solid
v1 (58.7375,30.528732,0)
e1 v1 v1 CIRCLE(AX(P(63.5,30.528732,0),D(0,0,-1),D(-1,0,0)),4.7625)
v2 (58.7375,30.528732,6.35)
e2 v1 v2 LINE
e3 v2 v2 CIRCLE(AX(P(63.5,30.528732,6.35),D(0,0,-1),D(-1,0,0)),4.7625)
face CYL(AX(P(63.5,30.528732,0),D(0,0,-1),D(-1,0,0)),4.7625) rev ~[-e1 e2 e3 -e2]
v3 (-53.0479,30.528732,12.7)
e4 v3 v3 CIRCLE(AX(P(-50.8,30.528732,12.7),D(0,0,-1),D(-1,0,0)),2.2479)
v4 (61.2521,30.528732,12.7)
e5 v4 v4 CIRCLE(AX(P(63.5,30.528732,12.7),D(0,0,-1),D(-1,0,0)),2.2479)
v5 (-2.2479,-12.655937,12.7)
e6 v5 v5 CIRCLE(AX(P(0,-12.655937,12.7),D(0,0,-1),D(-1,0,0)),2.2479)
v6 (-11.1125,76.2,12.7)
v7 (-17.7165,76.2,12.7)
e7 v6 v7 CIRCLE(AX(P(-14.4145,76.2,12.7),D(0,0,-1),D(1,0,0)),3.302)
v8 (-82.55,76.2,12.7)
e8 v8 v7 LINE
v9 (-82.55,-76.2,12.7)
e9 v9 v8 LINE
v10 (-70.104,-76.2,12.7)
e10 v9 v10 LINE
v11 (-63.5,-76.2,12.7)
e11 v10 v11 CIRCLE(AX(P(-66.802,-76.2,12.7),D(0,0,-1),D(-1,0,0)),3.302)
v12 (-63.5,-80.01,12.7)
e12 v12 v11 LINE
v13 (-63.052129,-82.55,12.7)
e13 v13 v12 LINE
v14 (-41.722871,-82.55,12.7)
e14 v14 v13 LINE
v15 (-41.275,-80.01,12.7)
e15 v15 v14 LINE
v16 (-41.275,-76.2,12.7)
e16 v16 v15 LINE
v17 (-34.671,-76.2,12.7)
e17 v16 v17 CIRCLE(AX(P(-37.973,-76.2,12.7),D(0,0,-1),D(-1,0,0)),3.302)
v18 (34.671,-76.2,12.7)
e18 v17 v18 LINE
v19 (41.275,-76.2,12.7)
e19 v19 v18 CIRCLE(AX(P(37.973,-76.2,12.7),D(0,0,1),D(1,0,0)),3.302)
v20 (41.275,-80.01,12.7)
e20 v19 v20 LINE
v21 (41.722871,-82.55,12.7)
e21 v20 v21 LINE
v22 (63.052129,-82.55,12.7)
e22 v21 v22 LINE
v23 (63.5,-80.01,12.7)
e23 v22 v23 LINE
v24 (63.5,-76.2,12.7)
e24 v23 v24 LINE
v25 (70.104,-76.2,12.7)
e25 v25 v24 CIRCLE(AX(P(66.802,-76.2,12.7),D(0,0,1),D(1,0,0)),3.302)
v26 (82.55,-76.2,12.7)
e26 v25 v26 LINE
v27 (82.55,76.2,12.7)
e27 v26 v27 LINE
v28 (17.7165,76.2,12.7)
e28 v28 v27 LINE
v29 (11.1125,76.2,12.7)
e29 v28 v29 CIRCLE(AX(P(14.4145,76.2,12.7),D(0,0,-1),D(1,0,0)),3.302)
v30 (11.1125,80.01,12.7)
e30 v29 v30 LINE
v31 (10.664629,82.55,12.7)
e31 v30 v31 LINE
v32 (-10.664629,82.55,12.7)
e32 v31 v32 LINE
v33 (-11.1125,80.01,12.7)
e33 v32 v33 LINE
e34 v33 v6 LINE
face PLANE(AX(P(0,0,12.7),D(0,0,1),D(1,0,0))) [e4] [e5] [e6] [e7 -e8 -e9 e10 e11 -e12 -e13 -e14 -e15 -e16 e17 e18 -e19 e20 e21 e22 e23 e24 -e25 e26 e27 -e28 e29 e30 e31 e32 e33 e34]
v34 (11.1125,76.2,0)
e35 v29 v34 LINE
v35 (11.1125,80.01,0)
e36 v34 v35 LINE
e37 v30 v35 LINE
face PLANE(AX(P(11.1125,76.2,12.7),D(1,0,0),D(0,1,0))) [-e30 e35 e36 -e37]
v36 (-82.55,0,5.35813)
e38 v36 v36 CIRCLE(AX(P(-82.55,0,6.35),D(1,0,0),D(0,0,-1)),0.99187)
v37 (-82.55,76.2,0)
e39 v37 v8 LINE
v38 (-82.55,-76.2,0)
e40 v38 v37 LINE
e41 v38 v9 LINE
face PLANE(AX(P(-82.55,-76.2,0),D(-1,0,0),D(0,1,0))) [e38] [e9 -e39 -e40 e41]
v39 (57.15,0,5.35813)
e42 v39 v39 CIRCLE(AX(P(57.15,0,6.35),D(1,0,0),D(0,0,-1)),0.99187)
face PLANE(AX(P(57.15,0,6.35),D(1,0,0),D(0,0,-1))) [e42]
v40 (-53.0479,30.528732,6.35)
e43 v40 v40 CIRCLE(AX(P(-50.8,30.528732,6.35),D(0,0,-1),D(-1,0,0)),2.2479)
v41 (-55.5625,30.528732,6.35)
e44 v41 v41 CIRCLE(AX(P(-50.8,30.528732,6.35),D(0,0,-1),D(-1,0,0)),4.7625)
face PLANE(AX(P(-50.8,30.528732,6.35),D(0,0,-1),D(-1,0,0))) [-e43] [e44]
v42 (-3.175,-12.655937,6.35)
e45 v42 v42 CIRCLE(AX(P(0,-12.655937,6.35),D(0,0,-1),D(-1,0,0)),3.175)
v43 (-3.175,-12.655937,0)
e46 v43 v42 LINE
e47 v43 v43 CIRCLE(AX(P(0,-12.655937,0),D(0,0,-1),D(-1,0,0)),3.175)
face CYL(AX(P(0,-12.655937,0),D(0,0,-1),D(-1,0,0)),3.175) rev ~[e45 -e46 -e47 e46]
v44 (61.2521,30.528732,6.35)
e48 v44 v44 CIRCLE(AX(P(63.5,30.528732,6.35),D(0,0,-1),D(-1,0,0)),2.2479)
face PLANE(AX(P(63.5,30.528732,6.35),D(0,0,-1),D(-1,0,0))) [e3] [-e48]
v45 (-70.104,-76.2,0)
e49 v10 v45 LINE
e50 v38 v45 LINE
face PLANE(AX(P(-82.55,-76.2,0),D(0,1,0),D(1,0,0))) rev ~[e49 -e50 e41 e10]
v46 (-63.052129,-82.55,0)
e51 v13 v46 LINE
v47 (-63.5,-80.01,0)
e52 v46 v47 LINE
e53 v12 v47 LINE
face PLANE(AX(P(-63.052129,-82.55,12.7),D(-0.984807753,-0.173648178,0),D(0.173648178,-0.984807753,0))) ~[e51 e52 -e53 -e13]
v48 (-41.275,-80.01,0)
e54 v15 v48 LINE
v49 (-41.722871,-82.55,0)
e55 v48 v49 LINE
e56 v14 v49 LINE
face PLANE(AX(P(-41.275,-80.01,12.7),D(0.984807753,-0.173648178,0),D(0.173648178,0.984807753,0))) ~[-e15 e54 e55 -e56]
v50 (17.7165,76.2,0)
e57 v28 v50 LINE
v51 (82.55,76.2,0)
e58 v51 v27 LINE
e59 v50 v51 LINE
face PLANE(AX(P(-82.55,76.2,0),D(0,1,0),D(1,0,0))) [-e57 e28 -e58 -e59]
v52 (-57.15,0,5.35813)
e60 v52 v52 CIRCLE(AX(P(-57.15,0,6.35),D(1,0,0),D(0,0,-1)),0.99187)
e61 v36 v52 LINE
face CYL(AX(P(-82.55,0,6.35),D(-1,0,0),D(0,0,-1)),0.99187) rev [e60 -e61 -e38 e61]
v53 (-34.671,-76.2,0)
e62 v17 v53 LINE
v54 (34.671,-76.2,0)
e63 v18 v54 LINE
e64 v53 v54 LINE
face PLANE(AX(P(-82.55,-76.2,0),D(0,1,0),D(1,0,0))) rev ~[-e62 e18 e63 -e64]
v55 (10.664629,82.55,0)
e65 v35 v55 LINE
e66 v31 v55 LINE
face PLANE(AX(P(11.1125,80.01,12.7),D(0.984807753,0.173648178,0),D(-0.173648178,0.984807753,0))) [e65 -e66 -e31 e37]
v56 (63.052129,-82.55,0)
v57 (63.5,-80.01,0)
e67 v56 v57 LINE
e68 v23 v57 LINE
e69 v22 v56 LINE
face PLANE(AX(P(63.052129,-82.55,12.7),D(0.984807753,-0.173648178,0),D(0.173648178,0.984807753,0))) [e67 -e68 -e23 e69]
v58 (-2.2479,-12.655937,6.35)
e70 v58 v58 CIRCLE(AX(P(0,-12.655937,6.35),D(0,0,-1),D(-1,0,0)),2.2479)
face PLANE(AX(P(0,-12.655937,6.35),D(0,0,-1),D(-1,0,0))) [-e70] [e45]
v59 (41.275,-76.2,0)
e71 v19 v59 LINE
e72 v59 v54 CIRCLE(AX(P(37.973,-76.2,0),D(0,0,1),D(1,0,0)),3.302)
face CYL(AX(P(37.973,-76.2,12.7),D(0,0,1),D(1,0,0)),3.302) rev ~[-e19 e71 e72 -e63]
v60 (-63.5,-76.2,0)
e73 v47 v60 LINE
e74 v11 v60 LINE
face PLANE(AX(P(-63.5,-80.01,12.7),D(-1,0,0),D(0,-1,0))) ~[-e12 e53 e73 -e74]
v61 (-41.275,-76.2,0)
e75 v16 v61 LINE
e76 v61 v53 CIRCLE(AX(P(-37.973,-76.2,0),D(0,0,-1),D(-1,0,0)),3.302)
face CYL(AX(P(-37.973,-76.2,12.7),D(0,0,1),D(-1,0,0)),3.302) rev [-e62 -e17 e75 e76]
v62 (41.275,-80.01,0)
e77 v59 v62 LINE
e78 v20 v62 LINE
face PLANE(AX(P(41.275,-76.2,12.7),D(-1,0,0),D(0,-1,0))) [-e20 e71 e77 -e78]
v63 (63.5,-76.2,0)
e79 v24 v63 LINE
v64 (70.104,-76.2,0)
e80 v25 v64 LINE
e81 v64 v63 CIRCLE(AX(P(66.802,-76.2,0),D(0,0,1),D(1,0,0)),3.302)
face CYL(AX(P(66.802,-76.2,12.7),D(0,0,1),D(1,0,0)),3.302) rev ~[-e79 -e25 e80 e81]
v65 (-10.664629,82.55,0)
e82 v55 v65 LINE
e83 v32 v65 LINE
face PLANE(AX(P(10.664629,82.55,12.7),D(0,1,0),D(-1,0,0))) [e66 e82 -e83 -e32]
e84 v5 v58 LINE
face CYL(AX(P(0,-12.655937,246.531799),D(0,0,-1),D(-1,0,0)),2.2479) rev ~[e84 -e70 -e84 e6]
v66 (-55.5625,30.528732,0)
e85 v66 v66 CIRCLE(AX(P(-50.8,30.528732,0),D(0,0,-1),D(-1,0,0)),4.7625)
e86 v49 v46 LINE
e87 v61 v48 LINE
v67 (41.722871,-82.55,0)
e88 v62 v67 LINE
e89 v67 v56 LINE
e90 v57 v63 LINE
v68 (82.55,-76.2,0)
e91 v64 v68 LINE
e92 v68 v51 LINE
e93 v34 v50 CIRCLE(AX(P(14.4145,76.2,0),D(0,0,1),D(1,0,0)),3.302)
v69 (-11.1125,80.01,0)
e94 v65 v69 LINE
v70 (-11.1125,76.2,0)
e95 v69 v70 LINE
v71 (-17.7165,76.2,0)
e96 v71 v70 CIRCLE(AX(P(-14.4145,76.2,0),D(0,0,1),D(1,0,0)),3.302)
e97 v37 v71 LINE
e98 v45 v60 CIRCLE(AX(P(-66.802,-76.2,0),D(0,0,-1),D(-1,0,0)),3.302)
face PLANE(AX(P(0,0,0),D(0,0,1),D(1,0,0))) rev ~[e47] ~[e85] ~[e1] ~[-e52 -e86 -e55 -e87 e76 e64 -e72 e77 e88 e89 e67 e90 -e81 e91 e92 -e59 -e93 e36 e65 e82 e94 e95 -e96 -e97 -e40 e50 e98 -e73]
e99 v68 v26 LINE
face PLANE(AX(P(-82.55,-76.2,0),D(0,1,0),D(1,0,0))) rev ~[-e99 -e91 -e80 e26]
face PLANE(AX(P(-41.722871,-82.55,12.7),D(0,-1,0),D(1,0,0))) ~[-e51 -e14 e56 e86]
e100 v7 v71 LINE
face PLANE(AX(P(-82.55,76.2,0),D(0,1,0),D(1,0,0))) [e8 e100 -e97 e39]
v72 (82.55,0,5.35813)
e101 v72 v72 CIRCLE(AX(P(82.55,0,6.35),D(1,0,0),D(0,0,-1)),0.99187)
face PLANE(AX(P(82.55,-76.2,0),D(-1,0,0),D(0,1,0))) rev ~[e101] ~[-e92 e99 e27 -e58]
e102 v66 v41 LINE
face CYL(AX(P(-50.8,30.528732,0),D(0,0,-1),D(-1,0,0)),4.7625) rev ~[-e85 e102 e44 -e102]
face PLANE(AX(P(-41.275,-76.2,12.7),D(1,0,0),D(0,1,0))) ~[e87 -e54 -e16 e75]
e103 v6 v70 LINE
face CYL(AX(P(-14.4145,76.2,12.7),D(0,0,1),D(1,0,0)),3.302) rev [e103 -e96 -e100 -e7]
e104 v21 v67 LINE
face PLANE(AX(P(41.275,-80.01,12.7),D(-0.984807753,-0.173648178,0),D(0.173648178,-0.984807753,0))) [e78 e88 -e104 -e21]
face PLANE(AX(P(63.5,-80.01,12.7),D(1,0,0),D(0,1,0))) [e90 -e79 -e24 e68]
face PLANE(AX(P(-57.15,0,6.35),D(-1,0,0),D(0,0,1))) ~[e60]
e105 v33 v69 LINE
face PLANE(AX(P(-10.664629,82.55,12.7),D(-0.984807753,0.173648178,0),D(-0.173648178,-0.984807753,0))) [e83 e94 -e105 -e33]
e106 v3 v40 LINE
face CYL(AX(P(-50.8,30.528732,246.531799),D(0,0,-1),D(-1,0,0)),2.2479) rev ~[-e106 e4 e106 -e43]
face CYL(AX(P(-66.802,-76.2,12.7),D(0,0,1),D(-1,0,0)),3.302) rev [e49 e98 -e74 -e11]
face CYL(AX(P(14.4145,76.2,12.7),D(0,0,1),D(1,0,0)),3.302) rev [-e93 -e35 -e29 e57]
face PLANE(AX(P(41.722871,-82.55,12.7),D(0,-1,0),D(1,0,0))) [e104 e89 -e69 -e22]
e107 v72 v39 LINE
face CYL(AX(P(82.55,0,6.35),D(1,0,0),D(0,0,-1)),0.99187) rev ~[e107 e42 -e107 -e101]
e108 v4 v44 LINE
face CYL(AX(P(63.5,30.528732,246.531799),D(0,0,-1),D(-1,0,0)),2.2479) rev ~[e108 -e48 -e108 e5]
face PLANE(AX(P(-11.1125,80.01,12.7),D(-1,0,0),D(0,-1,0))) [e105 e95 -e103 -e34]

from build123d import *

# Parameters (mm, degrees)
SKETCH1_W             = 165.1
SKETCH1_H             = 152.4
BOSS_EXTRUDE1_DEPTH   = 12.7
BOSS_EXTRUDE2_DEPTH   = 12.7
CUT_EXTRUDE1_REACH    = 119.432
BOSS_EXTRUDE3_DEPTH   = 12.7
CUT_EXTRUDE2_DEPTH    = 12.7
F_8_CLEARANCE_HOLE1_D = 4.4958
SKETCH20_R            = 0.99187
CUT_EXTRUDE9_DEPTH    = 25.4
SKETCH21_R            = 3.175
SKETCH21_R_2          = 4.7625
CUT_EXTRUDE10_DEPTH   = 6.35


with BuildPart() as part:
    # Sketch1 → Boss-Extrude1 (new body)
    with BuildSketch(Plane.XY):
        Rectangle(SKETCH1_W, SKETCH1_H)
    extrude(amount=BOSS_EXTRUDE1_DEPTH)

    # Sketch2 → Boss-Extrude2 (add)
    with BuildSketch(Plane.XY.offset(12.7)):
        Polygon((-11.1125, 76.2), (11.1125, 76.2), (11.1125, 80.01), (10.664629469, 82.55), (-10.664629469, 82.55), (-11.1125, 80.01), align=None)
    extrude(amount=-BOSS_EXTRUDE2_DEPTH)

    # Sketch4 → Cut-Extrude1 (cut, up to next)
    with BuildSketch(Plane.XY.offset(12.7), mode=Mode.PRIVATE) as cut_extrude1_sk1:
        with BuildLine():
            Line((-17.7165, 76.2), (-11.1125, 76.2))
            ThreePointArc((-11.1125, 76.2), (-14.4145, 72.898), (-17.7165, 76.2))
        make_face()
    cut_extrude1_tool1 = extrude(cut_extrude1_sk1.sketch, amount=-CUT_EXTRUDE1_REACH, mode=Mode.PRIVATE) & part.part
    # Sketch4 → Cut-Extrude1 (cut, up to next)
    with BuildSketch(Plane.XY.offset(12.7), mode=Mode.PRIVATE) as cut_extrude1_sk2:
        with BuildLine():
            Line((11.1125, 76.2), (17.7165, 76.2))
            ThreePointArc((17.7165, 76.2), (14.4145, 72.898), (11.1125, 76.2))
        make_face()
    cut_extrude1_tool2 = extrude(cut_extrude1_sk2.sketch, amount=-CUT_EXTRUDE1_REACH, mode=Mode.PRIVATE) & part.part
    add(cut_extrude1_tool1.solids().sort_by_distance((-14.4145, 74.798588, 12.7))[0], mode=Mode.SUBTRACT)
    add(cut_extrude1_tool2.solids().sort_by_distance((14.4145, 74.798588, 12.7))[0], mode=Mode.SUBTRACT)

    # Sketch5 → Boss-Extrude3 (add)
    with BuildSketch(Plane.XY.offset(12.7)):
        Polygon((63.5, -76.2), (41.275, -76.2), (41.275, -80.01), (41.722870531, -82.55), (63.052129469, -82.55), (63.5, -80.01), align=None)
    boss_extrude3 = extrude(amount=-BOSS_EXTRUDE3_DEPTH)

    # Sketch6 → Cut-Extrude2 (cut)
    with BuildSketch(Plane.XY.offset(12.7)):
        with BuildLine():
            Line((34.671, -76.2), (41.275, -76.2))
            ThreePointArc((41.275, -76.2), (37.973, -72.898), (34.671, -76.2))
        make_face()
        with BuildLine():
            Line((63.5, -76.2), (70.104, -76.2))
            ThreePointArc((70.104, -76.2), (66.802, -72.898), (63.5, -76.2))
        make_face()
    cut_extrude2 = extrude(amount=-CUT_EXTRUDE2_DEPTH, mode=Mode.SUBTRACT)

    # Mirror1: Boss-Extrude3, Cut-Extrude2 across plane
    add(boss_extrude3.mirror(Plane(origin=(0, 0, 0), x_dir=(0, 0, 1), z_dir=(1, 0, 0))))
    add(cut_extrude2.mirror(Plane(origin=(0, 0, 0), x_dir=(0, 0, 1), z_dir=(1, 0, 0))), mode=Mode.SUBTRACT)

    # #8 Clearance Hole1 (through all)
    with Locations(Plane.XY.offset(12.7)):
        with Locations((0, -12.655936751), (63.5, 30.528732114), (-50.8, 30.528732114)):
            Hole(F_8_CLEARANCE_HOLE1_D / 2)

    # Sketch20 → Cut-Extrude9 (cut)
    with BuildSketch(Plane(origin=(82.55, 0, 0), x_dir=(0, 0, -1), z_dir=(1, 0, 0))):
        with Locations((-6.35, 0)):
            Circle(SKETCH20_R)
    cut_extrude9 = extrude(amount=-CUT_EXTRUDE9_DEPTH, mode=Mode.SUBTRACT)

    # Mirror3: Cut-Extrude9 across plane
    add(cut_extrude9.mirror(Plane(origin=(0, 0, 0), x_dir=(0, 0, 1), z_dir=(1, 0, 0))), mode=Mode.SUBTRACT)

    # Sketch21 → Cut-Extrude10 (cut)
    with BuildSketch(Plane(origin=(0, 0, 0), x_dir=(-1, 0, 0), z_dir=(0, 0, -1))):
        with Locations((0, -12.655936751)):
            Circle(SKETCH21_R)
        with Locations((-63.5, 30.528732114)):
            Circle(SKETCH21_R_2)
        with Locations((50.8, 30.528732114)):
            Circle(SKETCH21_R_2)
    extrude(amount=-CUT_EXTRUDE10_DEPTH, mode=Mode.SUBTRACT)


solid = part.part
